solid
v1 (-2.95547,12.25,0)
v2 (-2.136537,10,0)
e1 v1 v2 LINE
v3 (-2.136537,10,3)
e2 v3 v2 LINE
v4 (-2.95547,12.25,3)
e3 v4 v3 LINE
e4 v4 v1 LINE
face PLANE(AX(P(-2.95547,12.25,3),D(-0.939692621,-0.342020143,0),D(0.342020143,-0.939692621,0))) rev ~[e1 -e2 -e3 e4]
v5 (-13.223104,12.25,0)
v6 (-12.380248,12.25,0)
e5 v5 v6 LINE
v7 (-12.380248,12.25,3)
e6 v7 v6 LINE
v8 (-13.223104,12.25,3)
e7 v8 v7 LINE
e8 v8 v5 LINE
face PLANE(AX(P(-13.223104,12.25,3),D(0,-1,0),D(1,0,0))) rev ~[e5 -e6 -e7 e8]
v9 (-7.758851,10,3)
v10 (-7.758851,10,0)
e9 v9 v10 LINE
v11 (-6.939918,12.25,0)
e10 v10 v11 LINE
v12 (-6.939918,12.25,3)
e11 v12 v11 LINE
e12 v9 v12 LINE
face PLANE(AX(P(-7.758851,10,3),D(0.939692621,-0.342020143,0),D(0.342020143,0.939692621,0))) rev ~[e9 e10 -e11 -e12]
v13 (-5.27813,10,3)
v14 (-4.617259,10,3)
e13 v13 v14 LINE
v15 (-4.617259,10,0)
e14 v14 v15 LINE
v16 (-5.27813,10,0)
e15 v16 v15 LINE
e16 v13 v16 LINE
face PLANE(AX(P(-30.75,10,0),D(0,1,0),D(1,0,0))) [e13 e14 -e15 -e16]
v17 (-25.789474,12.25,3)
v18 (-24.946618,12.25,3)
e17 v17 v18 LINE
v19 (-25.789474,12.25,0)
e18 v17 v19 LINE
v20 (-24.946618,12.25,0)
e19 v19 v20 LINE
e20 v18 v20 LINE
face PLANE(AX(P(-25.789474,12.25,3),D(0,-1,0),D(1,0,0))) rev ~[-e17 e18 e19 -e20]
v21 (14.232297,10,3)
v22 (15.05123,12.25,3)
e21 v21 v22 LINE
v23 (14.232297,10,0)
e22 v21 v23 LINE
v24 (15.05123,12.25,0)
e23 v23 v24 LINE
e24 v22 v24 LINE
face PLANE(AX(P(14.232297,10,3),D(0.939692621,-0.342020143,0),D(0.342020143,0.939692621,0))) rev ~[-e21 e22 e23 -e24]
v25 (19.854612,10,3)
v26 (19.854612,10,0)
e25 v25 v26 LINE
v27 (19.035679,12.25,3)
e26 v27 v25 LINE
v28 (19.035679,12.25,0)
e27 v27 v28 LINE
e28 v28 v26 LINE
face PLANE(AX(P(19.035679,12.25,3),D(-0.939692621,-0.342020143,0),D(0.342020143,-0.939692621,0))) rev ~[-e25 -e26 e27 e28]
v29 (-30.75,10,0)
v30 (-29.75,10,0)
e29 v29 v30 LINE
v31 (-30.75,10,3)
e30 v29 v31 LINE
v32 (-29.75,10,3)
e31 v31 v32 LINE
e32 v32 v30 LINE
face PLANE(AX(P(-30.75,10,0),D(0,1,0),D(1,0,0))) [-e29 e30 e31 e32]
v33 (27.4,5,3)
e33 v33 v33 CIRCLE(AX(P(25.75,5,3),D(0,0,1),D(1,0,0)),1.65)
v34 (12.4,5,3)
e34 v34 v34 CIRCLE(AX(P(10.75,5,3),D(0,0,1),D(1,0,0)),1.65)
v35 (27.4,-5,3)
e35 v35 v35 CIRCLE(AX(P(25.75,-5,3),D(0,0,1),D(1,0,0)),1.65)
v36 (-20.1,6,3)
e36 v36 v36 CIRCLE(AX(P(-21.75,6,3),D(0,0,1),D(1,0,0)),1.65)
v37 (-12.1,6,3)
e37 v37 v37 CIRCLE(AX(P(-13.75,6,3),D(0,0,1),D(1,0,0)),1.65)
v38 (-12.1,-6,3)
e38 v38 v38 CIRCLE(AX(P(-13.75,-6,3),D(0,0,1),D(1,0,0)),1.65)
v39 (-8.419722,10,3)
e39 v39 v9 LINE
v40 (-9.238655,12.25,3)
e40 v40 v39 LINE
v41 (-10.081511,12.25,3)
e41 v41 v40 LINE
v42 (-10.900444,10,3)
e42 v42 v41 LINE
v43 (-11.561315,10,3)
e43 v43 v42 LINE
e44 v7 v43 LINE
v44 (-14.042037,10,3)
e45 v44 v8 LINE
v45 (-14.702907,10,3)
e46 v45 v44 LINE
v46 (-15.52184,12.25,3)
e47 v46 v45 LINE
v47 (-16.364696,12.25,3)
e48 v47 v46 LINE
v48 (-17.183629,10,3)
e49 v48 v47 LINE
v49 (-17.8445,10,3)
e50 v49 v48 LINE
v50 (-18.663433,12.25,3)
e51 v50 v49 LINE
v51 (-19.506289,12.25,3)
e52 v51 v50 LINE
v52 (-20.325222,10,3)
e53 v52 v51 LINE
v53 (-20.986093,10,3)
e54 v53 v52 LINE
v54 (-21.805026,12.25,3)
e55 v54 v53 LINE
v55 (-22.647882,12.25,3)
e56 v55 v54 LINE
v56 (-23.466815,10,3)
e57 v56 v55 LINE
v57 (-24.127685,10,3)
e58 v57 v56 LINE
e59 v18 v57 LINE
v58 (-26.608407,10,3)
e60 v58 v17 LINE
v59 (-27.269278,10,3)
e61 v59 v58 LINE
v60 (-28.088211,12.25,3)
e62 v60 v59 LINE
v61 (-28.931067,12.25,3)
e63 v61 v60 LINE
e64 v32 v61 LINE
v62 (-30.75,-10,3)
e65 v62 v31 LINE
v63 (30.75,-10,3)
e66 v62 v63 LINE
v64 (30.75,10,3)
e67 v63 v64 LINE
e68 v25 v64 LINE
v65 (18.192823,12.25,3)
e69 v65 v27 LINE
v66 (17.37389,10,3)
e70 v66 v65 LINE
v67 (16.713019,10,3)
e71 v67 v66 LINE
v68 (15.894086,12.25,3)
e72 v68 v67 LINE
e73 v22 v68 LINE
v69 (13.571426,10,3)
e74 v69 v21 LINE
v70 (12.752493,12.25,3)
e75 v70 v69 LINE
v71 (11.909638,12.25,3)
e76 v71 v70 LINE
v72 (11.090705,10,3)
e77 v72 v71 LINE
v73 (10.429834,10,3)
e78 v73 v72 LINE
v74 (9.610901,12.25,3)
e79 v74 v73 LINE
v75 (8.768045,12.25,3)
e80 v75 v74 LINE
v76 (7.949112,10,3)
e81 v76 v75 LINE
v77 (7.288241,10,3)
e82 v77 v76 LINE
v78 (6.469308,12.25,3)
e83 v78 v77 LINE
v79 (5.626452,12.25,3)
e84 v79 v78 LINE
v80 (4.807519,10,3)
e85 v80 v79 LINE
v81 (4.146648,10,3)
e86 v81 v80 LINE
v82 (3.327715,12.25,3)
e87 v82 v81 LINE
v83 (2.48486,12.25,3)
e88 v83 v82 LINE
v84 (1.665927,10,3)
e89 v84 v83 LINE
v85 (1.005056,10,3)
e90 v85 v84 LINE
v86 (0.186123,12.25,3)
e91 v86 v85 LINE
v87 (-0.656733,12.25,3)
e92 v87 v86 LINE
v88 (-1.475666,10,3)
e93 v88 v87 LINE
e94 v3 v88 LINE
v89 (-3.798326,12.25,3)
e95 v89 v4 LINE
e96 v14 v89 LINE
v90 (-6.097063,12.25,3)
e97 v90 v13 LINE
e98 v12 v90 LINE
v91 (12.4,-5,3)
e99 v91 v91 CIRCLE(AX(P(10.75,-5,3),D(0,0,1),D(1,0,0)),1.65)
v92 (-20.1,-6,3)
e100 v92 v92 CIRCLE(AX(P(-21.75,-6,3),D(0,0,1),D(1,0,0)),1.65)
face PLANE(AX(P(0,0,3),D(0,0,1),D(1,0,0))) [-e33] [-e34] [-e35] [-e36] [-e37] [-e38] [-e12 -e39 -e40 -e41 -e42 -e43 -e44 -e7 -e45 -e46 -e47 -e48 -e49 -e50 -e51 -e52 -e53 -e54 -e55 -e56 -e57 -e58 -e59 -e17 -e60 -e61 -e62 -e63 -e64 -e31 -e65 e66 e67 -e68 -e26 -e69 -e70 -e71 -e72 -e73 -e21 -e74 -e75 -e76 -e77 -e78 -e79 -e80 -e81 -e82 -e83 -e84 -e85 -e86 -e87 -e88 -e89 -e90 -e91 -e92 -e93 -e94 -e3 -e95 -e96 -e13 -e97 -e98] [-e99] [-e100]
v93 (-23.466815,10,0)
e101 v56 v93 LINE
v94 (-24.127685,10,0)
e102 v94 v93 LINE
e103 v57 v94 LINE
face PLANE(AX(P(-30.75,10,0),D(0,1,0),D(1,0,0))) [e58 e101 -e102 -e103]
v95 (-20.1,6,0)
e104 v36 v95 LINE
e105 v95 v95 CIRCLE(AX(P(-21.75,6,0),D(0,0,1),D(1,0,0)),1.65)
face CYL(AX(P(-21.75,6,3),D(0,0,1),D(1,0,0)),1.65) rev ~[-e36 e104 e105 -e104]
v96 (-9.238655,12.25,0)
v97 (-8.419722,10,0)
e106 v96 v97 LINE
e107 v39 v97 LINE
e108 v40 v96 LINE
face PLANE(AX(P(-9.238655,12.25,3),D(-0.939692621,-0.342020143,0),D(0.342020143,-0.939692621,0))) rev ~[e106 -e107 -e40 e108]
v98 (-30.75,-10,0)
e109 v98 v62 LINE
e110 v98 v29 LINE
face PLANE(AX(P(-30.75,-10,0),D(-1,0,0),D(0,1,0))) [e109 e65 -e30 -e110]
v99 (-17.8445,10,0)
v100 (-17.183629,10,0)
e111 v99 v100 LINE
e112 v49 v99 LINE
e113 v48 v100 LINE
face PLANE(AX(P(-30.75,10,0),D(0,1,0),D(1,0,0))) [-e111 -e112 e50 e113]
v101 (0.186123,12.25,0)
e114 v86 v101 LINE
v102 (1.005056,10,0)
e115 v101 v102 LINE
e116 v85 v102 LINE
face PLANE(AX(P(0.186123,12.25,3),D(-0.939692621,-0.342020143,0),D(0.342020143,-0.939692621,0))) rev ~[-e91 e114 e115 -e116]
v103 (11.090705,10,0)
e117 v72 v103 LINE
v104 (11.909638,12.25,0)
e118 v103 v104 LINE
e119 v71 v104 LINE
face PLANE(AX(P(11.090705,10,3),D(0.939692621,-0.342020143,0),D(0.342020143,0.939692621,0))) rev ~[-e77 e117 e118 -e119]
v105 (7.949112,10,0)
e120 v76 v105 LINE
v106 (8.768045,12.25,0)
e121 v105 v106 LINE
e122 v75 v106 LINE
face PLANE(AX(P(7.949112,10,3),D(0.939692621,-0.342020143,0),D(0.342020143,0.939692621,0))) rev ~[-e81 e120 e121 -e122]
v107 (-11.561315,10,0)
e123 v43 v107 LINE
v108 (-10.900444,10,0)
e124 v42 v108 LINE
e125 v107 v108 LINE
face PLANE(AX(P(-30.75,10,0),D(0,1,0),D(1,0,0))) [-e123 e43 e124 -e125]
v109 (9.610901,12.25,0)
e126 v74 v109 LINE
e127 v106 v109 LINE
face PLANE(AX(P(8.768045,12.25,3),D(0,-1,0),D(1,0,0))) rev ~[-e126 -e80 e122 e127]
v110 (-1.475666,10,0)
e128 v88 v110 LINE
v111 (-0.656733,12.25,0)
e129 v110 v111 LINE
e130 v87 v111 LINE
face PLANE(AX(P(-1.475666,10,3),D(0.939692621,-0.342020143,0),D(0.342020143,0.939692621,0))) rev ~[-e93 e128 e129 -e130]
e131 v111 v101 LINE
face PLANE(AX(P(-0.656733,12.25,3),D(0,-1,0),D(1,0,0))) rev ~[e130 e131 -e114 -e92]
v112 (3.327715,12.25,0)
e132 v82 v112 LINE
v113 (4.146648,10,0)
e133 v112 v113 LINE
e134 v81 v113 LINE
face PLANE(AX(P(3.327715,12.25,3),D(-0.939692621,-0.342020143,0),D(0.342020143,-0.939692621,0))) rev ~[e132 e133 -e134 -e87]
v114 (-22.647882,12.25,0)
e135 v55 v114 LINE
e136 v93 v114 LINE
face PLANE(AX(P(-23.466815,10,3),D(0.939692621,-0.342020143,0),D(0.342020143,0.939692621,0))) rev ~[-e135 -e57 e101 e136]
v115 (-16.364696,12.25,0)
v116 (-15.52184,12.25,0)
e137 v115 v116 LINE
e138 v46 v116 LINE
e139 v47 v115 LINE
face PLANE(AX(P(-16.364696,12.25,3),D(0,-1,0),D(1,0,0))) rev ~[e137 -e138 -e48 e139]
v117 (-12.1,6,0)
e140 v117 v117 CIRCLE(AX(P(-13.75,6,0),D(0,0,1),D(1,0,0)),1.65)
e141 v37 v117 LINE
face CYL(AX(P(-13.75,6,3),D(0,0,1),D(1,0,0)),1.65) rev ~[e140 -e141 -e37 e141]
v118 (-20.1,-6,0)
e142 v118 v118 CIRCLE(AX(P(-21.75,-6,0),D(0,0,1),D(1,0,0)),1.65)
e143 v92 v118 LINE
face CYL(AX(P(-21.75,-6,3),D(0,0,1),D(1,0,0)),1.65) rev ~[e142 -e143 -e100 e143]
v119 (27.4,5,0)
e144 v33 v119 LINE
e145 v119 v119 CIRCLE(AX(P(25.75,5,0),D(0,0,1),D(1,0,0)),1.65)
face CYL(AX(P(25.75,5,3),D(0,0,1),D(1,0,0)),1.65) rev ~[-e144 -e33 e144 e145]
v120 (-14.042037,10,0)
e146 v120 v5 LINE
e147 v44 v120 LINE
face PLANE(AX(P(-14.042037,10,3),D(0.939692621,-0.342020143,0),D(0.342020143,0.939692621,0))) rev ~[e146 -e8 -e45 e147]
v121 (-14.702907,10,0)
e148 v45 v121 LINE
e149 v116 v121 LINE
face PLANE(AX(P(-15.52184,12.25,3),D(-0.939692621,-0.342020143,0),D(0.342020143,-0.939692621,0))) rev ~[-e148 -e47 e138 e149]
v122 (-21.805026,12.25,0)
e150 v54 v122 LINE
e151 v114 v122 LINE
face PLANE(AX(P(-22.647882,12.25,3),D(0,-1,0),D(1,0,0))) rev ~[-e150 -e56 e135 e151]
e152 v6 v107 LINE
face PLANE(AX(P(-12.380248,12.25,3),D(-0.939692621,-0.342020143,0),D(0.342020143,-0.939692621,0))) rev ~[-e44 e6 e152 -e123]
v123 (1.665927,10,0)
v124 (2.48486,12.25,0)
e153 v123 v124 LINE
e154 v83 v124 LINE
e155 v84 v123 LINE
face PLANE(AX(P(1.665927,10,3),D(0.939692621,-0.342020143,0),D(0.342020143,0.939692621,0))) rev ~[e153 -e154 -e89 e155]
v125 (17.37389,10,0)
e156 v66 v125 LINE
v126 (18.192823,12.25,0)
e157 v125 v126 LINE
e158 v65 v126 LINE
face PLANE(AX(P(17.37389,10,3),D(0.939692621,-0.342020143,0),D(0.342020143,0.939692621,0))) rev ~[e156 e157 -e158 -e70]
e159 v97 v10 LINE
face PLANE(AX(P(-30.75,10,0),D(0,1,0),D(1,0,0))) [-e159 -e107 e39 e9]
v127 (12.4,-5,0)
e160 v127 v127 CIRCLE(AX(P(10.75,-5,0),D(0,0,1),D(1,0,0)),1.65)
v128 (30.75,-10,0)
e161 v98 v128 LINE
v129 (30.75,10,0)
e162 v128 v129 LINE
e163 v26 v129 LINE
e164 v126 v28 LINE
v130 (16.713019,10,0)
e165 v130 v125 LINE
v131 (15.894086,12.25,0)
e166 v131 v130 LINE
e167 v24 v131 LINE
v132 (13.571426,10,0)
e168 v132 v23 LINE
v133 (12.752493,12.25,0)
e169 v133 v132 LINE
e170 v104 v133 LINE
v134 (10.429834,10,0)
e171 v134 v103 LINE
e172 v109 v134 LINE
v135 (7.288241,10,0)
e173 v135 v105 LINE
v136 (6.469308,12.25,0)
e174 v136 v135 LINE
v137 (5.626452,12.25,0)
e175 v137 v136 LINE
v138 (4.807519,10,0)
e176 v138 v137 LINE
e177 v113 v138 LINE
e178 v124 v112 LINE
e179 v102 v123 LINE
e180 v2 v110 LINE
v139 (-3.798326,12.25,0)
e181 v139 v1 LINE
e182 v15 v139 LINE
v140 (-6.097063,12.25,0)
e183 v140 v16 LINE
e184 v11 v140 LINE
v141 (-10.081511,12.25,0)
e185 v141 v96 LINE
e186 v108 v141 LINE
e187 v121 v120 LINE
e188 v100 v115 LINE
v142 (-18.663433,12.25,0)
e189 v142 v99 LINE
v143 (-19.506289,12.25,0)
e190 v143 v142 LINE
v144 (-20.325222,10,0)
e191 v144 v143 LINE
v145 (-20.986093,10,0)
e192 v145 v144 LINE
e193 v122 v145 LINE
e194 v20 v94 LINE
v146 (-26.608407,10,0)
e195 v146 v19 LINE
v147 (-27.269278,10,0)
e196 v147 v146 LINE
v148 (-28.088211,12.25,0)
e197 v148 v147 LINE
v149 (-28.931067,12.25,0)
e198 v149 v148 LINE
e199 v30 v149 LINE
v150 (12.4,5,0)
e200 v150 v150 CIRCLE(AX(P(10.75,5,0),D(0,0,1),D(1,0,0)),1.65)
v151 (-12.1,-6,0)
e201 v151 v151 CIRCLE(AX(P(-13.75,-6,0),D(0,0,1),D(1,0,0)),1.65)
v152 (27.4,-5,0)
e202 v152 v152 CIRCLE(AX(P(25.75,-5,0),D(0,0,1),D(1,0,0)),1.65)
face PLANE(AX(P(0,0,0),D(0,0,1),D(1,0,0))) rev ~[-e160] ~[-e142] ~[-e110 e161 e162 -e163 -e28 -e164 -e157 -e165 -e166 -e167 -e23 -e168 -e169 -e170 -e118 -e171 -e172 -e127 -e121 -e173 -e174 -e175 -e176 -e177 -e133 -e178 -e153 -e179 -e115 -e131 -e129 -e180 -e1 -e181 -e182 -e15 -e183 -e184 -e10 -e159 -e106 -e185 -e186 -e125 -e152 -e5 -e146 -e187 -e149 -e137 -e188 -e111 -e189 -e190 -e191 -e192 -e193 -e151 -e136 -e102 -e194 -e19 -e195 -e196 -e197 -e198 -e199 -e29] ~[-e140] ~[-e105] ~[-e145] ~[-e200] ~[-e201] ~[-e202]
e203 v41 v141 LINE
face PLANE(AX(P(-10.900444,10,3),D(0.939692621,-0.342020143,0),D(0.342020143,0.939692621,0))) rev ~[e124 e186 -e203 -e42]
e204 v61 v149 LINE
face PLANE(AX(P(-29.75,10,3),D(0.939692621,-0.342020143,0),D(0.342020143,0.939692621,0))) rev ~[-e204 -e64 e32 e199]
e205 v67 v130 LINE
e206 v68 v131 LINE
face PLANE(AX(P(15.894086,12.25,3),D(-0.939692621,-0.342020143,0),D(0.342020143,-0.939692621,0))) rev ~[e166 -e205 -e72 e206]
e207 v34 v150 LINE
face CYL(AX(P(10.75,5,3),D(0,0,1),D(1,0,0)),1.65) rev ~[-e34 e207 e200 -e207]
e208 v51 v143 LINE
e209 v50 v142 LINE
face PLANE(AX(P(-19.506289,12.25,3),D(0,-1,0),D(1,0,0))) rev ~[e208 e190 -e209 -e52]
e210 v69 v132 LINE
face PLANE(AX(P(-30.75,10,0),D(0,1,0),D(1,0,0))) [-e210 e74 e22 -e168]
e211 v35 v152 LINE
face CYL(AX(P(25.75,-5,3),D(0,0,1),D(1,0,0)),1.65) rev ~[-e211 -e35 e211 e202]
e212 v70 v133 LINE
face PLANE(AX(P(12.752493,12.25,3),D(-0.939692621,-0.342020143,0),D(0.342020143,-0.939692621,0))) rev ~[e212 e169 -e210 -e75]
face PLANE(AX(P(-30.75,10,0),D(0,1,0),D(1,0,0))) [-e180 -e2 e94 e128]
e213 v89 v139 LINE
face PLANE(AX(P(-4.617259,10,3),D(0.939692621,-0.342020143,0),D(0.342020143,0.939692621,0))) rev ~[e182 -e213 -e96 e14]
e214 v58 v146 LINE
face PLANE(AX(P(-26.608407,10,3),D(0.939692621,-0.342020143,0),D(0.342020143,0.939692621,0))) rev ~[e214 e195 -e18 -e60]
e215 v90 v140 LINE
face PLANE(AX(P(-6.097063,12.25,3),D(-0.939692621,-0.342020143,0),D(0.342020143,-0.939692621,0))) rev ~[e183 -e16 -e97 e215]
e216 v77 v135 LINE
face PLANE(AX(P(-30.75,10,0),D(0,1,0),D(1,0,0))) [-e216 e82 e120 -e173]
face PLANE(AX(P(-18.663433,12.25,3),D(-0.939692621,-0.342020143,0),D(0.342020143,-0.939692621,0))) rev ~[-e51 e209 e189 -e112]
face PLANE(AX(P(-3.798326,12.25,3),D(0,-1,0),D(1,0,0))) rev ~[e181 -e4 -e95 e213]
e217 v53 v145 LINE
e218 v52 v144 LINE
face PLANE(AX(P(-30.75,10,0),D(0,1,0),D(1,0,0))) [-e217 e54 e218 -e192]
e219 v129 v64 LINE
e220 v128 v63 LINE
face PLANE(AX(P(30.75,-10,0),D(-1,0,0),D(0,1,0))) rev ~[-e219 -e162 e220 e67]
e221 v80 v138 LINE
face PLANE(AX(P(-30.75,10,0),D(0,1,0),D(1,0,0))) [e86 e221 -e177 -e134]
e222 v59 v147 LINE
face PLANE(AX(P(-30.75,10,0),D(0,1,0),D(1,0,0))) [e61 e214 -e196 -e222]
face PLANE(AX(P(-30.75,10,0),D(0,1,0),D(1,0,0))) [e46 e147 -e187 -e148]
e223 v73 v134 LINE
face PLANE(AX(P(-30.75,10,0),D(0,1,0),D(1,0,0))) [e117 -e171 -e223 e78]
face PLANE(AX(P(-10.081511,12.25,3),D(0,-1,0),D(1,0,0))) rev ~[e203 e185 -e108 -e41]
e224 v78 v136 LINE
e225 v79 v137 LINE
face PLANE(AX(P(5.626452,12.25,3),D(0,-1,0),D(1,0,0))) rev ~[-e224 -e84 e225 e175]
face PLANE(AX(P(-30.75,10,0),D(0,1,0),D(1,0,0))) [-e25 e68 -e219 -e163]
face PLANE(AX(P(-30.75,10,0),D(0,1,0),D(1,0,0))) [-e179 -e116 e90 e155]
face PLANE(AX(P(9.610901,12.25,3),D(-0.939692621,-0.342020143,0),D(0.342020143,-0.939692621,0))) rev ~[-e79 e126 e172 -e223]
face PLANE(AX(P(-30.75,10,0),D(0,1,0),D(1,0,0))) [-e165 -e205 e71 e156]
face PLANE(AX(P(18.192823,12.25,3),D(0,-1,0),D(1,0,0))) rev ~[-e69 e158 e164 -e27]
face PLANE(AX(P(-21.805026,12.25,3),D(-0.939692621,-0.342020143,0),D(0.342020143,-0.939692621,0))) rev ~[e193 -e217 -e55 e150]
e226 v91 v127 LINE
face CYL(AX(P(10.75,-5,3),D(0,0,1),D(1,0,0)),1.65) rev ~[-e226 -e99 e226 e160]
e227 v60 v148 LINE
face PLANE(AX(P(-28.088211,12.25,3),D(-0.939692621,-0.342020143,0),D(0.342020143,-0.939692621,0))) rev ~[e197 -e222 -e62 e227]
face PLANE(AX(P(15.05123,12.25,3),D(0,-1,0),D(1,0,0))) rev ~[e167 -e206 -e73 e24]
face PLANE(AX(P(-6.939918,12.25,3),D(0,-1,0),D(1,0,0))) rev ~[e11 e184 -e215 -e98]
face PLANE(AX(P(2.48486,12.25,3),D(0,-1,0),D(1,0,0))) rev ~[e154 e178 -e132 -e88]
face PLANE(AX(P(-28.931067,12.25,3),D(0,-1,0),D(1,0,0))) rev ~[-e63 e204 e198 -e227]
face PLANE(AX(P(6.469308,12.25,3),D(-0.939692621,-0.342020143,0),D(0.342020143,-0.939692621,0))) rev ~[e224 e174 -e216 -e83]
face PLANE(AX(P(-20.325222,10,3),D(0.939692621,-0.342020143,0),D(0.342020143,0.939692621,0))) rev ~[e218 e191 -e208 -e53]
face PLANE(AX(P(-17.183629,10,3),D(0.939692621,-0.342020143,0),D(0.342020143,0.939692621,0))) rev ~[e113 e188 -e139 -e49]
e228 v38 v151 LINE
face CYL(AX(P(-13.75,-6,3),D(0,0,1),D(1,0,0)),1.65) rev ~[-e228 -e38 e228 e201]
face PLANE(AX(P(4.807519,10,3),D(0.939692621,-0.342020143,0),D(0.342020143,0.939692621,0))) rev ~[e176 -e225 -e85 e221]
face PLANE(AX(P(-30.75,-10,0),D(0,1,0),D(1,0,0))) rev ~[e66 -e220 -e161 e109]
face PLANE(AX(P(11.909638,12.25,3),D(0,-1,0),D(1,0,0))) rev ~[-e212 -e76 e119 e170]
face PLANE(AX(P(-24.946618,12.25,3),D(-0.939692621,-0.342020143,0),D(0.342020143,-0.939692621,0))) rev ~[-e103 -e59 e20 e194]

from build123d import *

# Parameters (mm, degrees)
SKETCH_1_W             = 61.5
SKETCH_1_H             = 20
EXTRUDE_1_DEPTH        = 3
EXTRUDE_2_DEPTH        = 3
PATTERN_LINEAR_1_COUNT = 16
PATTERN_LINEAR_1_PITCH = 3.141592654
CUT_EXTRUDE_1_REACH    = 35.236
SKETCH_3_R             = 1.65
CUT_EXTRUDE_2_REACH    = 35.236
SKETCH_4_R             = 1.65


with BuildPart() as part:
    # 草圖1 → 填料-伸長1 (new body)
    with BuildSketch(Plane.XY):
        Rectangle(SKETCH_1_W, SKETCH_1_H)
    extrude(amount=EXTRUDE_1_DEPTH)

    # 草圖2 → 填料-伸長2 (add)
    with BuildSketch(Plane.XY.offset(3)):
        Polygon((-29.75, 10), (-28.931066973, 12.25), (-28.088211111, 12.25), (-27.269278084, 10), align=None)
    extrude_2 = extrude(amount=-EXTRUDE_2_DEPTH)

    # 直線複製排列1: 填料-伸長2 ×16
    with Locations(*[(i * PATTERN_LINEAR_1_PITCH, 0, 0) for i in range(1, PATTERN_LINEAR_1_COUNT)]):
        add(extrude_2)

    # 草圖3 → 除料-伸長1 (cut, up to next)
    with BuildSketch(Plane.XY.offset(3), mode=Mode.PRIVATE) as cut_extrude_1_sk1:
        with Locations((-21.75, 6)):
            Circle(SKETCH_3_R)
    cut_extrude_1_tool1 = extrude(cut_extrude_1_sk1.sketch, amount=-CUT_EXTRUDE_1_REACH, mode=Mode.PRIVATE) & part.part
    # 草圖3 → 除料-伸長1 (cut, up to next)
    with BuildSketch(Plane.XY.offset(3), mode=Mode.PRIVATE) as cut_extrude_1_sk2:
        with Locations((-13.75, 6)):
            Circle(SKETCH_3_R)
    cut_extrude_1_tool2 = extrude(cut_extrude_1_sk2.sketch, amount=-CUT_EXTRUDE_1_REACH, mode=Mode.PRIVATE) & part.part
    # 草圖3 → 除料-伸長1 (cut, up to next)
    with BuildSketch(Plane.XY.offset(3), mode=Mode.PRIVATE) as cut_extrude_1_sk3:
        with Locations((-21.75, -6)):
            Circle(SKETCH_3_R)
    cut_extrude_1_tool3 = extrude(cut_extrude_1_sk3.sketch, amount=-CUT_EXTRUDE_1_REACH, mode=Mode.PRIVATE) & part.part
    # 草圖3 → 除料-伸長1 (cut, up to next)
    with BuildSketch(Plane.XY.offset(3), mode=Mode.PRIVATE) as cut_extrude_1_sk4:
        with Locations((-13.75, -6)):
            Circle(SKETCH_3_R)
    cut_extrude_1_tool4 = extrude(cut_extrude_1_sk4.sketch, amount=-CUT_EXTRUDE_1_REACH, mode=Mode.PRIVATE) & part.part
    add(cut_extrude_1_tool1.solids().sort_by_distance((-21.75, 6, 3))[0], mode=Mode.SUBTRACT)
    add(cut_extrude_1_tool2.solids().sort_by_distance((-13.75, 6, 3))[0], mode=Mode.SUBTRACT)
    add(cut_extrude_1_tool3.solids().sort_by_distance((-21.75, -6, 3))[0], mode=Mode.SUBTRACT)
    add(cut_extrude_1_tool4.solids().sort_by_distance((-13.75, -6, 3))[0], mode=Mode.SUBTRACT)

    # 草圖4 → 除料-伸長2 (cut, up to next)
    with BuildSketch(Plane.XY.offset(3), mode=Mode.PRIVATE) as cut_extrude_2_sk1:
        with Locations((25.75, 5)):
            Circle(SKETCH_4_R)
    cut_extrude_2_tool1 = extrude(cut_extrude_2_sk1.sketch, amount=-CUT_EXTRUDE_2_REACH, mode=Mode.PRIVATE) & part.part
    # 草圖4 → 除料-伸長2 (cut, up to next)
    with BuildSketch(Plane.XY.offset(3), mode=Mode.PRIVATE) as cut_extrude_2_sk2:
        with Locations((10.75, 5)):
            Circle(SKETCH_4_R)
    cut_extrude_2_tool2 = extrude(cut_extrude_2_sk2.sketch, amount=-CUT_EXTRUDE_2_REACH, mode=Mode.PRIVATE) & part.part
    # 草圖4 → 除料-伸長2 (cut, up to next)
    with BuildSketch(Plane.XY.offset(3), mode=Mode.PRIVATE) as cut_extrude_2_sk3:
        with Locations((25.75, -5)):
            Circle(SKETCH_4_R)
    cut_extrude_2_tool3 = extrude(cut_extrude_2_sk3.sketch, amount=-CUT_EXTRUDE_2_REACH, mode=Mode.PRIVATE) & part.part
    # 草圖4 → 除料-伸長2 (cut, up to next)
    with BuildSketch(Plane.XY.offset(3), mode=Mode.PRIVATE) as cut_extrude_2_sk4:
        with Locations((10.75, -5)):
            Circle(SKETCH_4_R)
    cut_extrude_2_tool4 = extrude(cut_extrude_2_sk4.sketch, amount=-CUT_EXTRUDE_2_REACH, mode=Mode.PRIVATE) & part.part
    add(cut_extrude_2_tool1.solids().sort_by_distance((25.75, 5, 3))[0], mode=Mode.SUBTRACT)
    add(cut_extrude_2_tool2.solids().sort_by_distance((10.75, 5, 3))[0], mode=Mode.SUBTRACT)
    add(cut_extrude_2_tool3.solids().sort_by_distance((25.75, -5, 3))[0], mode=Mode.SUBTRACT)
    add(cut_extrude_2_tool4.solids().sort_by_distance((10.75, -5, 3))[0], mode=Mode.SUBTRACT)


solid = part.part
